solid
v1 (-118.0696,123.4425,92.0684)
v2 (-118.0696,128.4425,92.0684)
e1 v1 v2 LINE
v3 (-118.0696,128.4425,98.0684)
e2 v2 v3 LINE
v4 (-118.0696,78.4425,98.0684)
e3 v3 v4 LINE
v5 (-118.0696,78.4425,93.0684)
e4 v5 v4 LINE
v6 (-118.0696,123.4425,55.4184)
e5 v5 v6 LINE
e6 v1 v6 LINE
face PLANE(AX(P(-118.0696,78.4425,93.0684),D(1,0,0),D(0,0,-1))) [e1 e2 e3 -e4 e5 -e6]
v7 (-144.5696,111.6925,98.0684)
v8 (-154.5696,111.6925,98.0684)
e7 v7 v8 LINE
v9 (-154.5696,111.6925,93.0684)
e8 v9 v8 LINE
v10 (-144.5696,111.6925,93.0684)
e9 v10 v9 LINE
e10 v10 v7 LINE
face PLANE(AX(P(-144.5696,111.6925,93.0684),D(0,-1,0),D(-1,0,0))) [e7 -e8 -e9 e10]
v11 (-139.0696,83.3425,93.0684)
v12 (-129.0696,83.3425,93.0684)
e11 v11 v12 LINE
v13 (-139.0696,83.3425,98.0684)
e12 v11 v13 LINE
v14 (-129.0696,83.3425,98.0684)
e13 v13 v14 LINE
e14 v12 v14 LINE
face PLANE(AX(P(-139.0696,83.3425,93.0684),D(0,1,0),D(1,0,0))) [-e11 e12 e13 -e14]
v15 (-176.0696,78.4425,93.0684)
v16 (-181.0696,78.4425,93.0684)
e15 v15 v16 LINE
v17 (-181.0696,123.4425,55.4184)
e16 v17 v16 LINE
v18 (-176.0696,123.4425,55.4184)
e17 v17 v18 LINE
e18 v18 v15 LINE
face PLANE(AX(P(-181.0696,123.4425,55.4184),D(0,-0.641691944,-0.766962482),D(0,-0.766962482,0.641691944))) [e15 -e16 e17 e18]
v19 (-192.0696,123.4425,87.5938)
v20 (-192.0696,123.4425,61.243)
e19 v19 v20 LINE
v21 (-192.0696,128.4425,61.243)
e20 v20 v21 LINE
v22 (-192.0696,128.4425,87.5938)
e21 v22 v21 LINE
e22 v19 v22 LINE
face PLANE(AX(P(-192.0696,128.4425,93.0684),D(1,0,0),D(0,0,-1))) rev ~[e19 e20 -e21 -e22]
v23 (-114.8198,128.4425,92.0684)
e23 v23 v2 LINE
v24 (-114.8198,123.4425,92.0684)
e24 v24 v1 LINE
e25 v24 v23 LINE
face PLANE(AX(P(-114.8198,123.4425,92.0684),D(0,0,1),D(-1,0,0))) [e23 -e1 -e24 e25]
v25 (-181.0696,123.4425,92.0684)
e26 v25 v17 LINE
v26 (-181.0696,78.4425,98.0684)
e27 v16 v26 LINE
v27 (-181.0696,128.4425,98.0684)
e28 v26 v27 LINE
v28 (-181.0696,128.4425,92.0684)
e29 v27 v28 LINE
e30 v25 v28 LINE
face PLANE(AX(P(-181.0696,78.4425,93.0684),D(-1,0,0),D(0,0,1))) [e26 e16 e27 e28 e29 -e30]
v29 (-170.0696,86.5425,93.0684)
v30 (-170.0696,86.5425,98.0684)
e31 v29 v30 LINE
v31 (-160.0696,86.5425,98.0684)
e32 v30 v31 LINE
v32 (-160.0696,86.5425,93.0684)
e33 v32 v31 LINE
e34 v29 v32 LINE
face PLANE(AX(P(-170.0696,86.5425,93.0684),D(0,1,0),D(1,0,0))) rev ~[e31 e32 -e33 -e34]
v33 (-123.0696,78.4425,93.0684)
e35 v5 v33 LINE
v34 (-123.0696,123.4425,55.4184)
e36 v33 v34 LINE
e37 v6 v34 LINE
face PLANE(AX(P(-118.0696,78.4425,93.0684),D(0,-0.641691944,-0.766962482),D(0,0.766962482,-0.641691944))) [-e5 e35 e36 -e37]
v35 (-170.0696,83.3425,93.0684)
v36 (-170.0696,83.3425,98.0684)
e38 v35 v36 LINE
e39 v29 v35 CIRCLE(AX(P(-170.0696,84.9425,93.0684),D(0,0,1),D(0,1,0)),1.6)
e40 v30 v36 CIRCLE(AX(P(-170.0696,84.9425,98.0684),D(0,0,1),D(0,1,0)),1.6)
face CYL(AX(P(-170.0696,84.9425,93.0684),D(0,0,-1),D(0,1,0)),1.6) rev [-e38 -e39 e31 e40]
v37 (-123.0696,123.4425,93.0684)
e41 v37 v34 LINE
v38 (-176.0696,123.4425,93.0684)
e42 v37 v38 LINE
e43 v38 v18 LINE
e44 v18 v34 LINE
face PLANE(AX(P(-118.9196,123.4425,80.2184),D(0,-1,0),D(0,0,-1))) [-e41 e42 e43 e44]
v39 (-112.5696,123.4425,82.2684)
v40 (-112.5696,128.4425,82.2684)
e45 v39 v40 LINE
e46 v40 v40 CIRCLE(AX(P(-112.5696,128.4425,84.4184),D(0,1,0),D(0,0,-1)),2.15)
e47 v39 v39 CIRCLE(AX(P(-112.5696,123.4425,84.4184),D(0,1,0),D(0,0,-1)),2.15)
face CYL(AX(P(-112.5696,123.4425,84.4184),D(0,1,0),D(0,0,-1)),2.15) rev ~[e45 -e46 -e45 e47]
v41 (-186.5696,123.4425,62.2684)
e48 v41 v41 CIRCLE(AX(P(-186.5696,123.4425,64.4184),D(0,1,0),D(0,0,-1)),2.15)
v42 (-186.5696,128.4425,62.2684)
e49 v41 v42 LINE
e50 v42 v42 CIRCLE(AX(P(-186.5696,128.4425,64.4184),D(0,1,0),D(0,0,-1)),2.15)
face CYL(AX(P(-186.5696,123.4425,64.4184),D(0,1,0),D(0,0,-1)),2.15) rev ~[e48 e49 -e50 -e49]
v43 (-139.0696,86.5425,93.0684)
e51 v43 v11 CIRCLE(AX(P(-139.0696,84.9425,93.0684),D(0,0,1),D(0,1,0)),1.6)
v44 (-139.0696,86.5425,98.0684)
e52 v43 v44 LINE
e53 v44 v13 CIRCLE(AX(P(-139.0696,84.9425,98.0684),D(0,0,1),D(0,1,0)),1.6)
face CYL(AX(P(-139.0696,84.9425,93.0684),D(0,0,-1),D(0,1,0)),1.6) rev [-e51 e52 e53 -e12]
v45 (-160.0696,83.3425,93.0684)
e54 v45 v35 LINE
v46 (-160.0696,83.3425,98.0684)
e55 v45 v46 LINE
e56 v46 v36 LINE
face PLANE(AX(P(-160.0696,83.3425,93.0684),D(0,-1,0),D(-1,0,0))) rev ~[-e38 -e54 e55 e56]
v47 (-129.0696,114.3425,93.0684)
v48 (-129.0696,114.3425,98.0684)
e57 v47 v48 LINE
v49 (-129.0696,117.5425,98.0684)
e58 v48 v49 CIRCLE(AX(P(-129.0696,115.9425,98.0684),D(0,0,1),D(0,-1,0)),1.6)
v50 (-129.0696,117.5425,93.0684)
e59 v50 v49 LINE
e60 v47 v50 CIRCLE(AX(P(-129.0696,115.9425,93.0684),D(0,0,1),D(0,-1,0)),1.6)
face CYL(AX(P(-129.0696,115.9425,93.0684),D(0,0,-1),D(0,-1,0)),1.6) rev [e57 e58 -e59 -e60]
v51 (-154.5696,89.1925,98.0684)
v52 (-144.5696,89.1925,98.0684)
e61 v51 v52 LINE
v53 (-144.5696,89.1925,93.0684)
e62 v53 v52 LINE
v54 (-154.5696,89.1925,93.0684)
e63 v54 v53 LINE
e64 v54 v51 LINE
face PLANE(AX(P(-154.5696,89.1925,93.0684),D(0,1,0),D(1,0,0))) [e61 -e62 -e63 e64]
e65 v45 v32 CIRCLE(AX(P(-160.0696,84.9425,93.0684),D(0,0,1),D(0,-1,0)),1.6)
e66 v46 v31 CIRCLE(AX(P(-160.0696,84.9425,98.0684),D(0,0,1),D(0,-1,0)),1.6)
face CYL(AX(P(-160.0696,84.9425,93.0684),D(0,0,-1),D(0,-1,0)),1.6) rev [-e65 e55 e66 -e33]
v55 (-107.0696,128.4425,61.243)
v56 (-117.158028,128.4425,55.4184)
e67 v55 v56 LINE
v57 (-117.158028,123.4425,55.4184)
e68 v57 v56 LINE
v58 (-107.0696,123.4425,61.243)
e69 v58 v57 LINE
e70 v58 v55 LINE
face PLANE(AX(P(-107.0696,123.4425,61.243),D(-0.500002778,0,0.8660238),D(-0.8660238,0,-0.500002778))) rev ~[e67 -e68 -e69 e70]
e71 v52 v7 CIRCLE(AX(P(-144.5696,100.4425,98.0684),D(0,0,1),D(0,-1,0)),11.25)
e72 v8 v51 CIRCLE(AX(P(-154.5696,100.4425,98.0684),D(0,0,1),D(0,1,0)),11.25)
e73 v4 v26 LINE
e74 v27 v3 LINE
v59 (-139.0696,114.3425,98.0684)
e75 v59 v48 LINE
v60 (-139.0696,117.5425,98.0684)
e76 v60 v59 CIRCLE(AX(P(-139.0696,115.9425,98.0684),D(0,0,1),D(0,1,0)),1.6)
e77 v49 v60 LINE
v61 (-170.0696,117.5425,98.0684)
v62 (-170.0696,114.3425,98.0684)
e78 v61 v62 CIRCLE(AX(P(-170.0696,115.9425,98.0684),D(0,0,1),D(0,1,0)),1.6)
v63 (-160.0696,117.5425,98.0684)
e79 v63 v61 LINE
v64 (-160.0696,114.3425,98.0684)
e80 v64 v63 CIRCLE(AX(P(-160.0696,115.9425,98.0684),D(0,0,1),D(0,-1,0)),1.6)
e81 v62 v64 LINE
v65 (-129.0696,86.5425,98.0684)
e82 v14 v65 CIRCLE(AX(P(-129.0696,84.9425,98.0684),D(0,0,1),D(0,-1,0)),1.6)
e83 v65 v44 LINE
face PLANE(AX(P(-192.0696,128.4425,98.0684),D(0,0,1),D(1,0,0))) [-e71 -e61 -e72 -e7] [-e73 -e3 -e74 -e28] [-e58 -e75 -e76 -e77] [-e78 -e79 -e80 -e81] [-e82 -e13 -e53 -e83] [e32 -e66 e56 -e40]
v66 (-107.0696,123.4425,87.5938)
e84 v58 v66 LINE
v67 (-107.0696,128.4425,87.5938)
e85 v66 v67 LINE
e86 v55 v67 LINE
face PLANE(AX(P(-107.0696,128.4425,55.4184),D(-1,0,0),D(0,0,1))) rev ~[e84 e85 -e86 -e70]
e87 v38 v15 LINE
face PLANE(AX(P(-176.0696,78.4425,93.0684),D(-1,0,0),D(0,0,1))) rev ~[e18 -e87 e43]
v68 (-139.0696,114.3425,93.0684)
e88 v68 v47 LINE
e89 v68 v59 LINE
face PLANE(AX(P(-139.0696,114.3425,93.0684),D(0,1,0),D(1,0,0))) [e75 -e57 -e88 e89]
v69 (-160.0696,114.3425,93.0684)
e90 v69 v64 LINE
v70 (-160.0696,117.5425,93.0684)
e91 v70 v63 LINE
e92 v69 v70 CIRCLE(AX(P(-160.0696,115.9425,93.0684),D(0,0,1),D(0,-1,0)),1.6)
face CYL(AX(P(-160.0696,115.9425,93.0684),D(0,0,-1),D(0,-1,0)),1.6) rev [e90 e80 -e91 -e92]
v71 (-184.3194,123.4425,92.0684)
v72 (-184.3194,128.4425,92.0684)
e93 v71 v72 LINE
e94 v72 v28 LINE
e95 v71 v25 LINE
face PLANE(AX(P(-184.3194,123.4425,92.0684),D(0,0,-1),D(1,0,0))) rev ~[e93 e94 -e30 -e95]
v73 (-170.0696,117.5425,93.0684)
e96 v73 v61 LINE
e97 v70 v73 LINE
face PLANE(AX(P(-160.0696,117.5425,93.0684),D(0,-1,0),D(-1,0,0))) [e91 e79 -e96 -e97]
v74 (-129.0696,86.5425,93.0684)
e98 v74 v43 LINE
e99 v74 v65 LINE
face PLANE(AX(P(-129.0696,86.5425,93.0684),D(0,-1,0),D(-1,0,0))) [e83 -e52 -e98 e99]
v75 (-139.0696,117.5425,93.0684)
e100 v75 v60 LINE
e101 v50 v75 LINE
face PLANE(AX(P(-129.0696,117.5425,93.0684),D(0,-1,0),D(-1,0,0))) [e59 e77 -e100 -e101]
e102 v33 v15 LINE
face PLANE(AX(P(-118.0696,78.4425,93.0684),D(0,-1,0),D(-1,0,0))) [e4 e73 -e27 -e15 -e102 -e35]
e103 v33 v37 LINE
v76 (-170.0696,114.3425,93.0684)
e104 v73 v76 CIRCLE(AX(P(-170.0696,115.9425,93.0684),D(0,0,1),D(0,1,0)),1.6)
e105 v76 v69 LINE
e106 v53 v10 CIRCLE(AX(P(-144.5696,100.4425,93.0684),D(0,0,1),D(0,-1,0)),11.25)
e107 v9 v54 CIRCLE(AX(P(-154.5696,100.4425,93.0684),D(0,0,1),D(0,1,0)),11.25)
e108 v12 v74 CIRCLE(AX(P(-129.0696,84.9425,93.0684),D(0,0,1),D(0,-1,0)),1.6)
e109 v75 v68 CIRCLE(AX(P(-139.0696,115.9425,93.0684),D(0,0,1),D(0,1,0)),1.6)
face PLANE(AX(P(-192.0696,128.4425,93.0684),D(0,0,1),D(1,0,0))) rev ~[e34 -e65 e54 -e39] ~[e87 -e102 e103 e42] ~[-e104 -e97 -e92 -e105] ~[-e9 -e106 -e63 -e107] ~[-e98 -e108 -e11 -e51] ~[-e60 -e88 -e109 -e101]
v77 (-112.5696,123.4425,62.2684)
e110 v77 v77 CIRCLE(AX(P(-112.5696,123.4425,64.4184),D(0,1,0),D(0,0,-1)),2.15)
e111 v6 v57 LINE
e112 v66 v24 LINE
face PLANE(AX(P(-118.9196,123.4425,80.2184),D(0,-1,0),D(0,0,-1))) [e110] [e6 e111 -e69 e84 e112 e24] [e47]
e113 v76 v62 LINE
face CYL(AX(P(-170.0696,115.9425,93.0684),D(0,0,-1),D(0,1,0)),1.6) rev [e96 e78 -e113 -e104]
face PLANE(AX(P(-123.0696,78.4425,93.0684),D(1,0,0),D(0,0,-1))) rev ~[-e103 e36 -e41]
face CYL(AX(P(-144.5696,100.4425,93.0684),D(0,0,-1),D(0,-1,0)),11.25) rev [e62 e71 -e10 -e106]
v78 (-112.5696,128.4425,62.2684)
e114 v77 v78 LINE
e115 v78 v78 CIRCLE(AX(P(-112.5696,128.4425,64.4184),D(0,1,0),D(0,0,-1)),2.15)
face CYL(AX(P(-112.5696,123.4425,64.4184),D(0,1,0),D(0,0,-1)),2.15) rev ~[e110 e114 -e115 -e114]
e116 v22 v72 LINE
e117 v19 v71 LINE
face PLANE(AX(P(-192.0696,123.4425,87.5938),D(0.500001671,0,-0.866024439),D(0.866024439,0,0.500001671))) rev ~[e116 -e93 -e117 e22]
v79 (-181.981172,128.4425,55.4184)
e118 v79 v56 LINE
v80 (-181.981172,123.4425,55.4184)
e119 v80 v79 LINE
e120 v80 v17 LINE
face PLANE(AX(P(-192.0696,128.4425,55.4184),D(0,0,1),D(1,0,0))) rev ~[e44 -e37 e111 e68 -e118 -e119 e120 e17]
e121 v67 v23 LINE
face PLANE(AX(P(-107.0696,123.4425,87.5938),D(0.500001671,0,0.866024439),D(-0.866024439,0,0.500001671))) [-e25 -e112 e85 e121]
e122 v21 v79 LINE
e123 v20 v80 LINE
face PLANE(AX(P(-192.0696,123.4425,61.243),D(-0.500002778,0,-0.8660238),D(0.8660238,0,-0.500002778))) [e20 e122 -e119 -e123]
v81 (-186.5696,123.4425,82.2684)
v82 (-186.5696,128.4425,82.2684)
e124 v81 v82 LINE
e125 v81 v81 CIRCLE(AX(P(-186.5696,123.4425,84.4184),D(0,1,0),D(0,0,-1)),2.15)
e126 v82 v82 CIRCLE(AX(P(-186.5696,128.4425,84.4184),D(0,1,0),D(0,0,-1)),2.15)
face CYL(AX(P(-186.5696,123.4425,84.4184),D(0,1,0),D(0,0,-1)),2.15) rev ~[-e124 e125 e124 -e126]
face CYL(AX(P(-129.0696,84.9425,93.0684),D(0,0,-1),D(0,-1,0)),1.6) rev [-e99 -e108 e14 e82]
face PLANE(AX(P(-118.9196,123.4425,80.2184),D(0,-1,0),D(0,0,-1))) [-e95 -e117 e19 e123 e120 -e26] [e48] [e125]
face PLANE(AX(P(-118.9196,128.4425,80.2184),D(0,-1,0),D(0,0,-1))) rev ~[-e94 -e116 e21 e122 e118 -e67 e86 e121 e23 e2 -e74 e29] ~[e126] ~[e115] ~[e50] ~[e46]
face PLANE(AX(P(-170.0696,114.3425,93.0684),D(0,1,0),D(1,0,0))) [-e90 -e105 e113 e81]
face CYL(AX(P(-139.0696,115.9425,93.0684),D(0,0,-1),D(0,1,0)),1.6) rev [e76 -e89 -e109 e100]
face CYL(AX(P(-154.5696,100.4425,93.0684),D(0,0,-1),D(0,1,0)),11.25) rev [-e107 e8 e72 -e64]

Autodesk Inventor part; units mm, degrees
ref_plane "XZ Plane" through (0, 0, 0) normal (0, 1, 0) x (-1, 0, 0)
ref_plane "XY Plane" through (0, 0, 0) normal (0, 0, 1) x (1, 0, 0)
ref_plane "Work Plane1" through (-118.9196, 128.4425, 80.2184) normal (0, -1, 0) x (0, 0, -1)
sketch "Sketch1" plane through (-118.9196, 128.4425, 80.2184) normal (0, -1, 0) x (0, 0, -1)
  line L0 (-4.2, -124) -> (-4.2, 744) construction
  line L1 (15.8, -124) -> (15.8, 744) construction
  line L2 (25.8, 100) -> (25.8, 520) construction
  line L3 (-12.85, -73.15) -> (24.8, -73.15)
  line L4 (24.8, -73.15) -> (24.8, 11.85)
  line L5 (24.8, 11.85) -> (-12.85, 11.85)
  line L6 (-12.85, 11.85) -> (-12.85, -73.15)
  line L7 (25.8, -30.65) -> (5.6685, -30.65) construction
  circle A0 centre (15.8, -67.65) radius 5.5 construction
  circle A1 centre (15.8, 6.35) radius 5.5 construction
  line L8 (5.8, -58.8473) -> (5.8, 42.3952) construction
  circle A2 centre (-4.2, -67.65) radius 5.5 construction
  circle A3 centre (-4.2, 6.35) radius 5.5 construction
  point P0 (80.2184, 118.9196)
  point P1 (18.9754, -73.15)
  point P2 (24.8, -26.5615)
  dimension "d0" = 1
  dimension "d1" = 38.65
  dimension "d3" = 11
  dimension "d4" = 63
  dimension "d7" = 0
  dimension "d9" = 10
  dimension "d10" = 10
extrude "Extrusion1" add sketch "Sketch1" along normal blind 5
ref_plane "Work Plane2" through (-149.5696, 123.4425, 93.0684) normal (1, 0, 0) x (0, 1, 0)
sketch "Sketch4" plane through (-192.0696, 128.4425, 93.0684) normal (0, 0, 1) x (1, 0, 0)
  line L0 (85, 0) -> (0, 0) construction
  line L1 (0, 0) -> (0, -5) construction
  line L2 (85, -5) -> (0, -5) construction
  line L3 (85, 0) -> (85, -5) construction
  line L4 (0, 0) -> (85, 0) construction
  line L5 (42.5, 0) -> (42.5, -58.6666) construction
  line L6 (11, 0) -> (74, 0)
  line L7 (74, 0) -> (74, -50)
  line L8 (74, -50) -> (11, -50)
  line L9 (11, -50) -> (11, 0)
  line L10 (27, -43.5) -> (58, -43.5) construction
  line L11 (58, -43.5) -> (58, -12.5) construction
  line L12 (58, -12.5) -> (27, -12.5) construction
  line L13 (27, -12.5) -> (27, -43.5) construction
  line L14 (27, -43.5) -> (58, -12.5) construction
  line L15 (58, -43.5) -> (27, -12.5) construction
  line L16 (32, -12.5) -> (22, -12.5) construction
  line L17 (32, -10.9) -> (22, -10.9)
  line L18 (22, -14.1) -> (32, -14.1)
  arc A0 (32, -14.1) -> (32, -10.9) centre (32, -12.5) ccw
  arc A1 (22, -10.9) -> (22, -14.1) centre (22, -12.5) ccw
  line L19 (53, -12.5) -> (63, -12.5) construction
  line L20 (53, -14.1) -> (63, -14.1)
  line L21 (63, -10.9) -> (53, -10.9)
  arc A2 (53, -10.9) -> (53, -14.1) centre (53, -12.5) ccw
  arc A3 (63, -14.1) -> (63, -10.9) centre (63, -12.5) ccw
  line L22 (32, -43.5) -> (22, -43.5) construction
  line L23 (32, -45.1) -> (22, -45.1)
  line L24 (22, -41.9) -> (32, -41.9)
  arc A4 (32, -45.1) -> (32, -41.9) centre (32, -43.5) ccw
  arc A5 (22, -41.9) -> (22, -45.1) centre (22, -43.5) ccw
  line L25 (53, -43.5) -> (63, -43.5) construction
  line L26 (53, -45.1) -> (63, -45.1)
  line L27 (63, -41.9) -> (53, -41.9)
  arc A6 (53, -41.9) -> (53, -45.1) centre (53, -43.5) ccw
  arc A7 (63, -45.1) -> (63, -41.9) centre (63, -43.5) ccw
  line L28 (37.5, -28) -> (47.5, -28) construction
  line L29 (37.5, -39.25) -> (47.5, -39.25)
  line L30 (47.5, -16.75) -> (37.5, -16.75)
  arc A8 (37.5, -16.75) -> (37.5, -39.25) centre (37.5, -28) ccw
  arc A9 (47.5, -39.25) -> (47.5, -16.75) centre (47.5, -28) ccw
  point P0 (192.0696, -128.4425)
  point P1 (42.5, -28)
  dimension "d14" = 63
  dimension "d15" = 45
  dimension "d16" = 31
  dimension "d17" = 31
  dimension "d18" = 3.2
  dimension "d19" = 10
  dimension "d21" = 10
  dimension "d22" = 1.6
  dimension "d23" = 10
  dimension "d24" = 10
  dimension "d25" = 1.6
  dimension "d26" = 1.6
  dimension "d27" = 22.5
  dimension "d28" = 10
extrude "Extrusion2" add sketch "Sketch4" along normal blind 5
sketch "Sketch5" plane through (-181.0696, 78.4425, 93.0684) normal (-1, 0, 0) x (0, 0, 1)
  line L0 (0, 45) -> (0, 0) projected
  line L1 (0, 45) -> (-37.65, 45) projected
  line L2 (-37.65, 50) -> (-37.65, 45) projected
  line L3 (0, 0) -> (0, 45) projected
  line L4 (-37.65, 45) -> (0, 0)
  point P0 (-93.0684, -78.4425)
extrude "Extrusion3" add sketch "Sketch5" against normal blind 5
sketch "Sketch6" plane through (-118.0696, 78.4425, 93.0684) normal (1, 0, 0) x (0, 0, -1)
  line L0 (0, 0) -> (37.65, 45) projected
  line L1 (0, 45) -> (37.65, 45) projected
  line L2 (0, 0) -> (0, 45) projected
  point P0 (93.0684, -78.4425)
extrude "Extrusion4" add sketch "Sketch6" against normal blind 5
sketch "Sketch7" plane through (-118.9196, 123.4425, 80.2184) normal (0, -1, 0) x (1, 0, 0)
  circle A0 centre (-67.65, -15.8) radius 5.5 construction
  circle A1 centre (-67.65, 4.2) radius 5.5 construction
  circle A2 centre (6.35, 4.2) radius 5.5 construction
  circle A3 centre (6.35, -15.8) radius 5.5 construction
  point P0 (118.9196, -80.2184)
hole "Hole1" at (-186.5696, 123.4425, 84.4184) at (-186.5696, 123.4425, 64.4184) at (-112.5696, 123.4425, 64.4184) at (-112.5696, 123.4425, 84.4184) direction (0, 1, 0) diameter 4.3 end through all clearance for "Hex Head Cap Screw DIN EN 24017" size "M4" standard "DIN"
sketch "Sketch8" plane through (-118.9196, 123.4425, 80.2184) normal (0, -1, 0) x (1, 0, 0)
  circle A0 centre (-67.65, 4.2) radius 2.15 projected
  circle A1 centre (-67.65, -15.8) radius 2.15 projected
  line L0 (-62.15, -24.8) -> (-62.15, 12.85) projected
  line L1 (-62.15, 12.85) -> (-73.15, 12.85) projected
  line L2 (-73.15, 12.85) -> (-73.15, -24.8) projected
  line L3 (-73.15, -24.8) -> (-62.15, -24.8) projected
  circle A2 centre (6.35, -15.8) radius 2.15 projected
  circle A3 centre (6.35, 4.2) radius 2.15 projected
  line L4 (0.85, 12.85) -> (0.85, -24.8) projected
  line L5 (0.85, -24.8) -> (11.85, -24.8) projected
  line L6 (11.85, -24.8) -> (11.85, 12.85) projected
  line L7 (11.85, 12.85) -> (0.85, 12.85) projected
  line L8 (-73.15, 7.3754) -> (-65.3998, 11.85)
  line L9 (-73.15, -18.9754) -> (-62.15, -25.3263)
  line L10 (11.85, 7.3754) -> (4.0998, 11.85)
  line L11 (11.85, -18.9754) -> (0.85, -25.3263)
  line L12 (-65.3998, 11.85) -> (-62.15, 11.85)
  line L13 (4.0998, 11.85) -> (0.85, 11.85)
  point P0 (118.9196, -80.2184)
  point P1 (37.3678, 12.85)
  point P2 (-28.6678, 12.85)
  point P3 (1.7615, -24.8)
  point P4 (-63.0615, -24.8)
  point P5 (37.3678, 12.85)
  dimension "d42" = 60
  dimension "d43" = 5.5
  dimension "d44" = 60
  dimension "d45" = 5.5
  dimension "d46" = 60
  dimension "d47" = 5.5
  dimension "d48" = 60
  dimension "d49" = 5.5
  dimension "d53" = 7.65
  dimension "d54" = 7.65
extrude "Extrusion5" cut sketch "Sketch8" against normal blind 5 contours L12 L8 L2 L1 L0 | L3 L2 L9 | L7 L6 L10 L13 L4 | L11 L6 L5
equation "\"d1\" = MOTOR_HEIGHT"
equation "\"d9\" = d10"
equation "\"d19\" = SLOT_PLAY"
equation "\"d21\" = d19"
equation "\"d22\" = 0.5 * d18"
equation "\"d23\" = d19"
equation "\"d24\" = d19"
equation "\"d25\" = d22"
equation "\"d26\" = d22"
equation "\"d28\" = SLOT_PLAY"
equation "\"d44\" = d42"
equation "\"d45\" = d43"
equation "\"d47\" = d43"
equation "\"d49\" = d45"
equation "\"d54\" = d53"
equation "\"MOTOR_HEIGHT\" = 38.65"
equation "\"SLOT_PLAY\" = 10"
properties part number "MotorBracketV2"
